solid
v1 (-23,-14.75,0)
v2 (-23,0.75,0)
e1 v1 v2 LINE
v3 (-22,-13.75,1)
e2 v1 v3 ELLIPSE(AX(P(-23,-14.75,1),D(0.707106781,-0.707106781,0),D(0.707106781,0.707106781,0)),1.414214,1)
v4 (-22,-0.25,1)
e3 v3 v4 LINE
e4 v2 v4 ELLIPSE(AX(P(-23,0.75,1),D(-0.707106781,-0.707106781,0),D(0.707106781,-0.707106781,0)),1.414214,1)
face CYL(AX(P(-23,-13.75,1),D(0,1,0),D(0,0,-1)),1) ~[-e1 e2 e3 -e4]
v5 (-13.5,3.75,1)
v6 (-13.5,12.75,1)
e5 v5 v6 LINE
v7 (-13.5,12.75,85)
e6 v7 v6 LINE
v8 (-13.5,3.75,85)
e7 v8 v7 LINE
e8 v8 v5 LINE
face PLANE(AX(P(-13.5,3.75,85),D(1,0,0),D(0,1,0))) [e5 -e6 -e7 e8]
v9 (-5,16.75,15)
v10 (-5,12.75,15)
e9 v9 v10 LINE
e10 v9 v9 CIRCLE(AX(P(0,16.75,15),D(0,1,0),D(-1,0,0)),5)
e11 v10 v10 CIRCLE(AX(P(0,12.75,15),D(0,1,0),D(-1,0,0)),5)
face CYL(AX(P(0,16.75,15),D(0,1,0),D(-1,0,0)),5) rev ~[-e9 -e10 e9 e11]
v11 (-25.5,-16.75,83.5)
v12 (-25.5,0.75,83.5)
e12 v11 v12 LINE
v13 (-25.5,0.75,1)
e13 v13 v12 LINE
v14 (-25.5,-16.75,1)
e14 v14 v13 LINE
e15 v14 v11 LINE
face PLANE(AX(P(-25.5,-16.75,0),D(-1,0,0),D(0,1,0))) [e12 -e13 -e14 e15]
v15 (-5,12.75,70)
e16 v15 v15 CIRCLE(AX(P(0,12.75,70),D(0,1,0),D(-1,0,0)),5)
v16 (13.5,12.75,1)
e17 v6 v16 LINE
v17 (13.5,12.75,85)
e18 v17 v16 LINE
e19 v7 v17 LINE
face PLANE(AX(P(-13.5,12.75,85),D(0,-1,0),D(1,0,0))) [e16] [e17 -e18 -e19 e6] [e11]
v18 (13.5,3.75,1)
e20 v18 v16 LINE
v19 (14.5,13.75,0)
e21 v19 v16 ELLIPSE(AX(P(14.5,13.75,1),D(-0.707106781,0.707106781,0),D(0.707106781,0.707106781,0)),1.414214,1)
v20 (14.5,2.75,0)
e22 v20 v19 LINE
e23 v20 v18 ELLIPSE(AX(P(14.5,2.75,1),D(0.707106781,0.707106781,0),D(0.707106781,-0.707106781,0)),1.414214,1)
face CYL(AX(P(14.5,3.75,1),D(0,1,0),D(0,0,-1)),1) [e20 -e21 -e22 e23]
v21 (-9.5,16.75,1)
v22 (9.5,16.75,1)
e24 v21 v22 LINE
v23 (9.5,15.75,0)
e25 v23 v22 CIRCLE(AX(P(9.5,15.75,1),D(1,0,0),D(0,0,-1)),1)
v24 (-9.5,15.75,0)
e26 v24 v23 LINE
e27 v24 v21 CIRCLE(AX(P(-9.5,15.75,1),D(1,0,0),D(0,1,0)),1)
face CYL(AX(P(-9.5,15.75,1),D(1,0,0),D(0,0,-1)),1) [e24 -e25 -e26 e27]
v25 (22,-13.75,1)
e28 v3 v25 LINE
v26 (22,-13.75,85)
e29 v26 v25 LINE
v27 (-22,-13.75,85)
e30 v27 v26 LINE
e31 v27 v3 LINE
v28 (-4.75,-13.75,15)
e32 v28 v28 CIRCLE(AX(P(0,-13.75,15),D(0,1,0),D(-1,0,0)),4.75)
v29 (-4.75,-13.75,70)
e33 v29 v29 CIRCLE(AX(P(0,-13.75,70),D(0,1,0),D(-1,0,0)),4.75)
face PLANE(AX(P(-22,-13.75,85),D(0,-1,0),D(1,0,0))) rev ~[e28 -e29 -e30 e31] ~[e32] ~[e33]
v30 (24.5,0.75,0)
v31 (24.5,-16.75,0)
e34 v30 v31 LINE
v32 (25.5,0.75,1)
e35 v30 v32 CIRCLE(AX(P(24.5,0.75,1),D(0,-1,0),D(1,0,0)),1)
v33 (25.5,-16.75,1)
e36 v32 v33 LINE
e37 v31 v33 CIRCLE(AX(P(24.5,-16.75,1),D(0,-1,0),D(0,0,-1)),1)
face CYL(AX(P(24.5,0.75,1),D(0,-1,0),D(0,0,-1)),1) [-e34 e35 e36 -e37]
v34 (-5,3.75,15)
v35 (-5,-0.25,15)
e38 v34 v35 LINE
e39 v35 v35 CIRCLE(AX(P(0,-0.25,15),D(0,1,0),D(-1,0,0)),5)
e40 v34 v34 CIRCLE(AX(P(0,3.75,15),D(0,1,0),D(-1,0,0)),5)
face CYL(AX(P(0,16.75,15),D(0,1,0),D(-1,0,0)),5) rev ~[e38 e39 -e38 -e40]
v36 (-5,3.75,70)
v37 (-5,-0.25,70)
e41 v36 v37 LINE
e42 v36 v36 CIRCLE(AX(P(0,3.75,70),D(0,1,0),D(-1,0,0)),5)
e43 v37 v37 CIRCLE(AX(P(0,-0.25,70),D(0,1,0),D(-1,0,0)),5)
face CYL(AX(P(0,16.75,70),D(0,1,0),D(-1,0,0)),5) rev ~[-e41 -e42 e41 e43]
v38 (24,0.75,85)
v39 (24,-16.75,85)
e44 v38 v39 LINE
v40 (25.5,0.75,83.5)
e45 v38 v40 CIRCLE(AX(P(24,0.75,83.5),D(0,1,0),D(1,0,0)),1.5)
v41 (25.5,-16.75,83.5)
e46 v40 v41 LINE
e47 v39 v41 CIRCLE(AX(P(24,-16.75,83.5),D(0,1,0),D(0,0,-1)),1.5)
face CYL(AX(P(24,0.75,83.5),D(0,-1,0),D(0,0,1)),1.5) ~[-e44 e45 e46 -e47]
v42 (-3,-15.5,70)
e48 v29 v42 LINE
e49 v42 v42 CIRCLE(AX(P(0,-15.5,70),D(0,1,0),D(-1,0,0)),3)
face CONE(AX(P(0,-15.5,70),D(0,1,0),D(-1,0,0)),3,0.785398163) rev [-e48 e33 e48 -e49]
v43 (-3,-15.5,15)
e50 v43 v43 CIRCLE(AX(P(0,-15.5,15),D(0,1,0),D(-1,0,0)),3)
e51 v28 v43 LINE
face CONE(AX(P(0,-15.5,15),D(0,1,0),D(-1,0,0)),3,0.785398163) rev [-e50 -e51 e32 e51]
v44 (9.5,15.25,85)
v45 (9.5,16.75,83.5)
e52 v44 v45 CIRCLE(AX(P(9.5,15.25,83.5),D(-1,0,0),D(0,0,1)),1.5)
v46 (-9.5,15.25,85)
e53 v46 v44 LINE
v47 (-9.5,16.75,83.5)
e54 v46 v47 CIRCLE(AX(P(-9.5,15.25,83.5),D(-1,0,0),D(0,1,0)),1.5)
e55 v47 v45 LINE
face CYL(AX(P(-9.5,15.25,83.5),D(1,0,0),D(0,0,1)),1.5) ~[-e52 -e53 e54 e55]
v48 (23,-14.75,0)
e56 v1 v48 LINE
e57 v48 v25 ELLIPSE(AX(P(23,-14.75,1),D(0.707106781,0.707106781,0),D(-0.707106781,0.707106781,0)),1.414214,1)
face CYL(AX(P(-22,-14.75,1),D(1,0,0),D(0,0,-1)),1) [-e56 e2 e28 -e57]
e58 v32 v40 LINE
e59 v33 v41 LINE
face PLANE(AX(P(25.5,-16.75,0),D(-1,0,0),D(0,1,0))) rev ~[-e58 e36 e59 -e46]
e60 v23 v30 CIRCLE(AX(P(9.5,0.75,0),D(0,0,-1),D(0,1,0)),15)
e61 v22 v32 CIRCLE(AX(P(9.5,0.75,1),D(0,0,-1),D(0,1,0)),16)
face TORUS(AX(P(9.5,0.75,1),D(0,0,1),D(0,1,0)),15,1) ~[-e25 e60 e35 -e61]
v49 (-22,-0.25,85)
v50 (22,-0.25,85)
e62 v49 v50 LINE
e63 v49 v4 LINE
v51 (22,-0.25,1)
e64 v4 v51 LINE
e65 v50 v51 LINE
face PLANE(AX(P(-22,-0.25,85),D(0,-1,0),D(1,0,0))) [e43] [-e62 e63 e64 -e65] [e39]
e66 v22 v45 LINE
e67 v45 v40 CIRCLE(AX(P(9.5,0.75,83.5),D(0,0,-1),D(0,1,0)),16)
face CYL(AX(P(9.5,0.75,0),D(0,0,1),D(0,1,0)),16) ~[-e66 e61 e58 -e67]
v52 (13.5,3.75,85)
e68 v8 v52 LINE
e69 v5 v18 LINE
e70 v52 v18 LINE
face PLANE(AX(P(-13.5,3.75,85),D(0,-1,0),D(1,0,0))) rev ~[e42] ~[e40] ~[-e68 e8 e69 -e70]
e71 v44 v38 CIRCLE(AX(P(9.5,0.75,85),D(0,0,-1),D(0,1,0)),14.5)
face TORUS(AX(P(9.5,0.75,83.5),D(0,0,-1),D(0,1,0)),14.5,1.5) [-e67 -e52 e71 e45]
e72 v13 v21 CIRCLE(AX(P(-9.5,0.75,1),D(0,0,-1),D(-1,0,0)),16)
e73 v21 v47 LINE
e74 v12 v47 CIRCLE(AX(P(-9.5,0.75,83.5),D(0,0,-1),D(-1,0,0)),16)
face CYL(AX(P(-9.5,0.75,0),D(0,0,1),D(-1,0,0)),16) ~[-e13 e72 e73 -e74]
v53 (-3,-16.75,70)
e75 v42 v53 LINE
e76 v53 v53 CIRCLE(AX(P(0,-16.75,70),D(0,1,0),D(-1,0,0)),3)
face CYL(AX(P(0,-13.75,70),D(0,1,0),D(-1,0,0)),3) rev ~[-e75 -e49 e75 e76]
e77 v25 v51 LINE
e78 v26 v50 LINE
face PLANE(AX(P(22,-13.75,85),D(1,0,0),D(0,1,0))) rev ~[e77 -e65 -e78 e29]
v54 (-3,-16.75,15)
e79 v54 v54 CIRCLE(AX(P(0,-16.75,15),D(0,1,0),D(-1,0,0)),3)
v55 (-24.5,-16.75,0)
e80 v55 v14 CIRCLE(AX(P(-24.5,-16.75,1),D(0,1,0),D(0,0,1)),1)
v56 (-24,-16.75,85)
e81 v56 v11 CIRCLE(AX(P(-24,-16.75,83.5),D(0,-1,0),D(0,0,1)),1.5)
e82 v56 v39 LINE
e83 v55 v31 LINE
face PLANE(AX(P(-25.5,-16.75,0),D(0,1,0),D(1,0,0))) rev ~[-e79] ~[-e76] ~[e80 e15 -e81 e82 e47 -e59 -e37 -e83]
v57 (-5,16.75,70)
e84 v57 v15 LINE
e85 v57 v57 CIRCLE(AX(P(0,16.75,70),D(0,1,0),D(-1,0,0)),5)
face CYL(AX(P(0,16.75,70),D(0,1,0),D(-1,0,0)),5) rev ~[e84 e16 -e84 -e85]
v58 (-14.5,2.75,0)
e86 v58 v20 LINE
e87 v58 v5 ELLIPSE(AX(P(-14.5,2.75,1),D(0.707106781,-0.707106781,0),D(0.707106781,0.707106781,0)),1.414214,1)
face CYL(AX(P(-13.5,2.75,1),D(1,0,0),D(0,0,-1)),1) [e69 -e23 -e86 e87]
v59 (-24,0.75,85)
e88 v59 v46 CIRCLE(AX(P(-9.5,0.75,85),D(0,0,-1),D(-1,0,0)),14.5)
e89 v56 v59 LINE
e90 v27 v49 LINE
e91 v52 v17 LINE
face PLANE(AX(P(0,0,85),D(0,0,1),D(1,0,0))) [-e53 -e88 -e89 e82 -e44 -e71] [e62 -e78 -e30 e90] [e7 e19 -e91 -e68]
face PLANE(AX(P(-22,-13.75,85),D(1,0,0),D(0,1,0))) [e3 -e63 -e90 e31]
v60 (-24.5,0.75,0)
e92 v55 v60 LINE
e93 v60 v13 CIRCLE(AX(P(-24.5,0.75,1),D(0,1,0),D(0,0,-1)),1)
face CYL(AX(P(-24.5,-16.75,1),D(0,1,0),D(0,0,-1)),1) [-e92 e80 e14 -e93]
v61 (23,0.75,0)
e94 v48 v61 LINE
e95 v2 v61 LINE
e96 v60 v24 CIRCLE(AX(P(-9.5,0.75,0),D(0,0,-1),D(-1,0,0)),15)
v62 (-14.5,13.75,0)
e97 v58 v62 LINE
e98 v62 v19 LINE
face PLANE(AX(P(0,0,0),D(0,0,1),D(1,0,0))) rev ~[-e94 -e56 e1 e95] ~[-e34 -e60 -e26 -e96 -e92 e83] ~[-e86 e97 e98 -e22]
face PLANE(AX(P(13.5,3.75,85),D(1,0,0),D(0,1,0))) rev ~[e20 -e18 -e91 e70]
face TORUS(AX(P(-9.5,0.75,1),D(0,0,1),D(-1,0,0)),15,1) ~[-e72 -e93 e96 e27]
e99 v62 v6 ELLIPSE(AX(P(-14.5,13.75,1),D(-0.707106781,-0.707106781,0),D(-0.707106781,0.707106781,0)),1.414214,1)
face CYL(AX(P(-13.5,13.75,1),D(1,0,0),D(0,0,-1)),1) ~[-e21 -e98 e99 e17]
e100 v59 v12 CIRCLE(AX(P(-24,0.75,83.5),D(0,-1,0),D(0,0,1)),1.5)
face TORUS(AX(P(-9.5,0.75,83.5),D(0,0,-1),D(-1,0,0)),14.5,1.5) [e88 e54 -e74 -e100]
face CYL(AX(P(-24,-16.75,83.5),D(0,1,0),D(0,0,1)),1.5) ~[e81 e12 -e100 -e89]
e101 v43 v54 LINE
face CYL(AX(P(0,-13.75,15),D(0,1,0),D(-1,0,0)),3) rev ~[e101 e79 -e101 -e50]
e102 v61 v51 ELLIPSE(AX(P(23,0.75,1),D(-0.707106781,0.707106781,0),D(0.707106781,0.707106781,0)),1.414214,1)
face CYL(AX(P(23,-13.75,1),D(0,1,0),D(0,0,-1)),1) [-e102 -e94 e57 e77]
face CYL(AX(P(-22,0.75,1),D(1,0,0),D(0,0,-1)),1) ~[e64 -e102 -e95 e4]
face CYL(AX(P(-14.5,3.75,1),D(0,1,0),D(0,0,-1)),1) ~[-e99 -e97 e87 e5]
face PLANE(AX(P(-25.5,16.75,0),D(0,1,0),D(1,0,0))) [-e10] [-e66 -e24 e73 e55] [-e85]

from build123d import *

# Parameters (mm, degrees)
SKETCH_W        = 51
SKETCH_H        = 33.5
PAD_DEPTH       = 85
SKETCH001_W     = 27
SKETCH001_H     = 9
SKETCH001_W_2   = 44
SKETCH001_H_2   = 13.5
POCKET_DEPTH    = 85
FILLET_R        = 16
FILLET001_R     = 1.5
SKETCH002_R     = 5
POCKET001_DEPTH = 17
SKETCH003_R     = 3
POCKET002_DEPTH = 3.001
CHAMFER_SIZE    = 1.75
FILLET002_R     = 1
FILLET003_R     = 1


with BuildPart() as part:
    # Sketch → Pad (new body)
    with BuildSketch(Plane.XY):
        Rectangle(SKETCH_W, SKETCH_H)
    extrude(amount=PAD_DEPTH)

    # Sketch001 (on Face6 of Pad) → Pocket (cut)
    with BuildSketch(Plane.XY.offset(85)):
        with Locations((0, 8.25)):
            Rectangle(SKETCH001_W, SKETCH001_H)
        with Locations((0, -7)):
            Rectangle(SKETCH001_W_2, SKETCH001_H_2)
    extrude(amount=-POCKET_DEPTH, mode=Mode.SUBTRACT)

    # Fillet
    fillet_edges = [part.edges().sort_by_distance(p)[0] for p in [
        (25.5, 16.75, 42.5),
        (-25.5, 16.75, 42.5),
    ]]
    fillet(fillet_edges, radius=FILLET_R)

    # Fillet001
    fillet001_edges = [part.edges().sort_by_distance(p)[0] for p in [
        (20.813708, 12.063708, 85),
        (25.5, -8, 85),
        (0, 16.75, 85),
        (-20.813708, 12.063708, 85),
        (-25.5, -8, 85),
    ]]
    fillet(fillet001_edges, radius=FILLET001_R)

    # Sketch002 (on Face7 of Fillet001) → Pocket001 (cut)
    with BuildSketch(Plane(origin=(0, 16.75, 0), x_dir=(-1, 0, 0), z_dir=(0, 1, 0))):
        with Locations((0, 70)):
            Circle(SKETCH002_R)
        with Locations((0, 15)):
            Circle(SKETCH002_R)
    extrude(amount=-POCKET001_DEPTH, mode=Mode.SUBTRACT)

    # Sketch003 (on Face13 of Pocket001) → Pocket002 (cut, through all)
    with BuildSketch(Plane(origin=(0, -13.75, 0), x_dir=(-1, 0, 0), z_dir=(0, 1, 0))):
        with Locations((0, 70)):
            Circle(SKETCH003_R)
        with Locations((0, 15)):
            Circle(SKETCH003_R)
    extrude(amount=-POCKET002_DEPTH, mode=Mode.SUBTRACT)

    # Chamfer
    chamfer_edges = [part.edges().sort_by_distance(p)[0] for p in [
        (3, -13.75, 15),
        (3, -13.75, 70),
    ]]
    chamfer(chamfer_edges, length=CHAMFER_SIZE)

    # Fillet002
    fillet002_edges = [part.edges().sort_by_distance(p)[0] for p in [
        (20.813708, 12.063708, 0),
        (-20.813708, 12.063708, 0),
    ]]
    fillet(fillet002_edges, radius=FILLET002_R)

    # Fillet003
    fillet003_edges = [part.edges().sort_by_distance(p)[0] for p in [
        (0, 3.75, 0),
        (-13.5, 8.25, 0),
        (0, 12.75, 0),
        (13.5, 8.25, 0),
        (0, -0.25, 0),
        (22, -7, 0),
        (0, -13.75, 0),
        (-22, -7, 0),
    ]]
    fillet(fillet003_edges, radius=FILLET003_R)


solid = part.part
